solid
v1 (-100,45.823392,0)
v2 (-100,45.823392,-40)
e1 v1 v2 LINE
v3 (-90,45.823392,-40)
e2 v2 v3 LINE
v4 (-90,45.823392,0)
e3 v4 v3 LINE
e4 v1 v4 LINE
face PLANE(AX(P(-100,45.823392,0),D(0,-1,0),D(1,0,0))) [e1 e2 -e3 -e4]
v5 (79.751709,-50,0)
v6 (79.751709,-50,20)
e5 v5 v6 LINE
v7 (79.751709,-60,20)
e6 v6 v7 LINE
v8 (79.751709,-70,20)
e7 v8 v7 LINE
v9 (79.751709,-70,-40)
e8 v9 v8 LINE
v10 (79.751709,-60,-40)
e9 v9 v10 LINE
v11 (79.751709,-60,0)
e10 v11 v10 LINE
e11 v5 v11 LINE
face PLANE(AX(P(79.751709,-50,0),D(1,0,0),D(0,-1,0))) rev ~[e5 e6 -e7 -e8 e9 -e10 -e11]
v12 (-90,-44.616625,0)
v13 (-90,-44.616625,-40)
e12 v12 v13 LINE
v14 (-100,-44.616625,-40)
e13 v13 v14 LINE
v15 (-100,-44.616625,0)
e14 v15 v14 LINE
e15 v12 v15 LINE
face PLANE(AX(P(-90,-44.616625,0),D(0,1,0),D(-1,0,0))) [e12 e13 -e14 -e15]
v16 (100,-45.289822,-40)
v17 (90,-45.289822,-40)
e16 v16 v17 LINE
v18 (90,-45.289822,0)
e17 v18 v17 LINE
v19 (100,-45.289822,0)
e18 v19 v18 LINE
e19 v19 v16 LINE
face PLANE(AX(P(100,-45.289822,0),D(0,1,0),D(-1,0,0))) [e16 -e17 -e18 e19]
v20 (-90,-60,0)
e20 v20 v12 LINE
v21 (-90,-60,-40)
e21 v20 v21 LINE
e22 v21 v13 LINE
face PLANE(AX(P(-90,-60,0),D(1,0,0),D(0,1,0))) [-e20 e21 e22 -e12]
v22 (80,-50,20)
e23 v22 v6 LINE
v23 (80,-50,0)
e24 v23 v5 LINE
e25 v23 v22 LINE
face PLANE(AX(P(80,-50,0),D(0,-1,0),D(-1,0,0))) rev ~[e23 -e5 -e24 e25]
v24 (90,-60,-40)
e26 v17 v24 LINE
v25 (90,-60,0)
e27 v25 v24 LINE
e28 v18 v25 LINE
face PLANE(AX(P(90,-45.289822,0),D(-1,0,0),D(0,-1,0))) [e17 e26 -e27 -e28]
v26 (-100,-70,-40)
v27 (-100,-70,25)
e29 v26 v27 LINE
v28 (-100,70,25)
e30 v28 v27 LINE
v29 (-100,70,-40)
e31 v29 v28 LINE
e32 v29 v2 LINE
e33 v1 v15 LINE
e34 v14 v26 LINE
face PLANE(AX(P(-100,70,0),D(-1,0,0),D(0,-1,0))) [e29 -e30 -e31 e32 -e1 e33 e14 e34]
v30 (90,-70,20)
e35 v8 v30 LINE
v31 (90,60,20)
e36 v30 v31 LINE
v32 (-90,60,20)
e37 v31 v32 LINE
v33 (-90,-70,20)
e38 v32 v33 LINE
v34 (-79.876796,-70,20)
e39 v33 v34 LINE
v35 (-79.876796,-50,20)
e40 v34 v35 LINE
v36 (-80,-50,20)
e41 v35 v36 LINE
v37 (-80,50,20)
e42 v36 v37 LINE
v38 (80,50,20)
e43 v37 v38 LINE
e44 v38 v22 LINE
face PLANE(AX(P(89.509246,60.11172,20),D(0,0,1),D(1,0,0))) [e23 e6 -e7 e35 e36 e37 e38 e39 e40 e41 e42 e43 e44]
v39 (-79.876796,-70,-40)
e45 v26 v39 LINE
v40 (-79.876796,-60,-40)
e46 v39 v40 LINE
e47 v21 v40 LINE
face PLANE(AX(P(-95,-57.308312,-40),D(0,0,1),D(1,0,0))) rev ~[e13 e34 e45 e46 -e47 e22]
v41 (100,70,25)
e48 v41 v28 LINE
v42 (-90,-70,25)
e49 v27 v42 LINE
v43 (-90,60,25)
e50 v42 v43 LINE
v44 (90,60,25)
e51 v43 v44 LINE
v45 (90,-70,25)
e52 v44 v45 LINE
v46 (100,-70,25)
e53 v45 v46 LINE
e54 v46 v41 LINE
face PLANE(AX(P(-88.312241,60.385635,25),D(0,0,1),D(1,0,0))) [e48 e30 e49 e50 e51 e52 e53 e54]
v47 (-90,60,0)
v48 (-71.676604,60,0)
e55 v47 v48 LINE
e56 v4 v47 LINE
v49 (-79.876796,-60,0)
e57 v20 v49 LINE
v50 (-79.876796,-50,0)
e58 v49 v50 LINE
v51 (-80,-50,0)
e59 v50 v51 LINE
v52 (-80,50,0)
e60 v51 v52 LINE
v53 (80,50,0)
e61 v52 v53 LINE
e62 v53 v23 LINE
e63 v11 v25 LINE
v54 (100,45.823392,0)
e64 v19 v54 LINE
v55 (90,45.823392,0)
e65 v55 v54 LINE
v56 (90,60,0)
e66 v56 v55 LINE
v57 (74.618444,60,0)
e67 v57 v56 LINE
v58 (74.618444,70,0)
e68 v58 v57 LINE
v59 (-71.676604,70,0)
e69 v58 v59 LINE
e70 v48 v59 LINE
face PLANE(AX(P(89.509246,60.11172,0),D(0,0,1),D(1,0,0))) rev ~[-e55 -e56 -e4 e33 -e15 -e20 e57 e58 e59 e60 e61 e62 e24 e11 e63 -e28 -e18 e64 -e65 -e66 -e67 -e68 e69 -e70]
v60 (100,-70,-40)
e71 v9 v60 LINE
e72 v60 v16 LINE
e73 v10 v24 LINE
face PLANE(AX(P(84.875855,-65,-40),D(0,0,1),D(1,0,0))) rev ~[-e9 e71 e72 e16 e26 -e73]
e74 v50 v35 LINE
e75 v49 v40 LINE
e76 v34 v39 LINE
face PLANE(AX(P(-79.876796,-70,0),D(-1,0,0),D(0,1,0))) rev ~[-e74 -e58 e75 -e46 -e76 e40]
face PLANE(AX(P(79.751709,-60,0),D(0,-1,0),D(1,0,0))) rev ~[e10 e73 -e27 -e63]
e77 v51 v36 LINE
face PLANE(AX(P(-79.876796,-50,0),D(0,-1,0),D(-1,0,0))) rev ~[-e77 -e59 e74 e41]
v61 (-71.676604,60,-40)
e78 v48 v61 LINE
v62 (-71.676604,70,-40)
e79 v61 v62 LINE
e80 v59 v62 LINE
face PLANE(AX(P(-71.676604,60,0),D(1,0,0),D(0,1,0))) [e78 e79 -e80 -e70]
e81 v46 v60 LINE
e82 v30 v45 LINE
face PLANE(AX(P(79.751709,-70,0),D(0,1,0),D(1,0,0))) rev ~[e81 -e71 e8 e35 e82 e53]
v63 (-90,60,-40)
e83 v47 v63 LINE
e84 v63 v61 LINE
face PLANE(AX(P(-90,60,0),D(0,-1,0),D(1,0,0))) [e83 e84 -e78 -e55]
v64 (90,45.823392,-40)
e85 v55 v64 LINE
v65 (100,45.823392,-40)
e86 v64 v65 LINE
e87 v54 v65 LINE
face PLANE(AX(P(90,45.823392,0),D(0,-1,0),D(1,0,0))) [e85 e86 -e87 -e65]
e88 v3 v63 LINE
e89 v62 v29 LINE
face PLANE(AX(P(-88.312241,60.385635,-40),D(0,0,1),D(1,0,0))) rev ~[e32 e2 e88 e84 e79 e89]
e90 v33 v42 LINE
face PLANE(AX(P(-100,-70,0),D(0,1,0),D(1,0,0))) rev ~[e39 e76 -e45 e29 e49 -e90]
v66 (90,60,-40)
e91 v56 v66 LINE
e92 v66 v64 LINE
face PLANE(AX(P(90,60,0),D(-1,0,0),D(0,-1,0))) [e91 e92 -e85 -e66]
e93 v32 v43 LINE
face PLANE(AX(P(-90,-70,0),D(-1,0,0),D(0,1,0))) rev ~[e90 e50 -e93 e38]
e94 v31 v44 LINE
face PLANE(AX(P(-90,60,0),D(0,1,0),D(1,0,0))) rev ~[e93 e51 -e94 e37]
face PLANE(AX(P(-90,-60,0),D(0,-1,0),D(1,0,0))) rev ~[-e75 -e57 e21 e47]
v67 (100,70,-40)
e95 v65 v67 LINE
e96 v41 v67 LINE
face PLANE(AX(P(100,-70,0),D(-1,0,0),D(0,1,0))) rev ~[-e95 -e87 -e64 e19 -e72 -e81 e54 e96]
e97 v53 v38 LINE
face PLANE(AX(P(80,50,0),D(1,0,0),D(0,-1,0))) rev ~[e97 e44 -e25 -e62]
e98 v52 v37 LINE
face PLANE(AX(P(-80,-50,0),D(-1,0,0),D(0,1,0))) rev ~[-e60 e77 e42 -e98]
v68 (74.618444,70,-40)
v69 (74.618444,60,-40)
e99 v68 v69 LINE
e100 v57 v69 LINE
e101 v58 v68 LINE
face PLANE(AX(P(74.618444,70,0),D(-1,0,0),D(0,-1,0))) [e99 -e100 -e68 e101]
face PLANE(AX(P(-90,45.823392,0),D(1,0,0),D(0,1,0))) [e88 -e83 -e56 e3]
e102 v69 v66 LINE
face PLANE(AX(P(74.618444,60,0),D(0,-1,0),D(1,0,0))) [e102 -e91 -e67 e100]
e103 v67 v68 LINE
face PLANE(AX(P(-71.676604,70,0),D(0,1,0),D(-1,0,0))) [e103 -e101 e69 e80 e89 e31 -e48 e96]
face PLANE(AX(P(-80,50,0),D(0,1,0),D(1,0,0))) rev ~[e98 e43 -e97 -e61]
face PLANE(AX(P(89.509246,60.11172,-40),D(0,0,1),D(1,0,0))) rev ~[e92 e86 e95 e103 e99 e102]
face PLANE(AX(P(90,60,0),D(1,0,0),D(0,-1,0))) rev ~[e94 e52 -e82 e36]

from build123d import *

# Parameters (mm, degrees)
F0_W     = 10
F0_H     = 91.1132134497
F0_W_2   = 10.2482907567
F0_H_2   = 10
F0_W_3   = 10.1232041232
F0_H_3   = 90.4400162399
F0_W_4   = 146.2950482965
F1_DEPTH = 20
F2_DEPTH = 25
F3_DEPTH = 40


with BuildPart() as f1:
    # F0 (on Top) → F1 (new body)
    with BuildSketch(Plane.XY):
        Polygon((90, 45.8233915269), (100, 45.8233915269), (100, 70), (74.6184438467, 70), (74.6184438467, 60), (90, 60), align=None)
        with Locations((95, 0.2667848021)):
            Rectangle(F0_W, F0_H)
        Polygon((79.7517092433, -60), (90, -60), (90, -45.2898219228), (90, 45.8233915269), (90, 60), (74.6184438467, 60), (-71.6766044497, 60), (-90, 60), (-90, 45.8233915269), (-90, -44.6166247129), (-90, -60), (-79.8767958768, -60), (-79.8767958768, -50), (-80, -50), (-80, 50), (80, 50), (80, -50), (79.7517092433, -50), align=None)
        Polygon((90, -70), (100, -70), (100, -45.2898219228), (90, -45.2898219228), (90, -60), align=None)
        with Locations((84.8758546216, -65)):
            Rectangle(F0_W_2, F0_H_2)
        Polygon((-100, -70), (-90, -70), (-90, -60), (-90, -44.6166247129), (-100, -44.6166247129), align=None)
        with Locations((-84.9383979384, -65)):
            Rectangle(F0_W_3, F0_H_2)
        with Locations((-95, 0.603383407)):
            Rectangle(F0_W, F0_H_3)
        Polygon((-71.6766044497, 60), (-71.6766044497, 70), (-100, 70), (-100, 45.8233915269), (-90, 45.8233915269), (-90, 60), align=None)
        with Locations((1.4709196985, 65)):
            Rectangle(F0_W_4, F0_H_2)
    extrude(amount=F1_DEPTH)

    # F0 (on Top) → F2 (join)
    with BuildSketch(Plane.XY):
        Polygon((-71.6766044497, 60), (-71.6766044497, 70), (-100, 70), (-100, 45.8233915269), (-90, 45.8233915269), (-90, 60), align=None)
        with Locations((-95, 0.603383407)):
            Rectangle(F0_W, F0_H_3)
        Polygon((-100, -70), (-90, -70), (-90, -60), (-90, -44.6166247129), (-100, -44.6166247129), align=None)
        with Locations((1.4709196985, 65)):
            Rectangle(F0_W_4, F0_H_2)
        Polygon((90, 45.8233915269), (100, 45.8233915269), (100, 70), (74.6184438467, 70), (74.6184438467, 60), (90, 60), align=None)
        with Locations((95, 0.2667848021)):
            Rectangle(F0_W, F0_H)
        Polygon((90, -70), (100, -70), (100, -45.2898219228), (90, -45.2898219228), (90, -60), align=None)
    extrude(amount=F2_DEPTH)

    # F0 (on Top) → F3 (join)
    with BuildSketch(Plane.XY):
        Polygon((-71.6766044497, 60), (-71.6766044497, 70), (-100, 70), (-100, 45.8233915269), (-90, 45.8233915269), (-90, 60), align=None)
        Polygon((-100, -70), (-90, -70), (-90, -60), (-90, -44.6166247129), (-100, -44.6166247129), align=None)
        with Locations((-84.9383979384, -65)):
            Rectangle(F0_W_3, F0_H_2)
        with Locations((84.8758546216, -65)):
            Rectangle(F0_W_2, F0_H_2)
        Polygon((90, -70), (100, -70), (100, -45.2898219228), (90, -45.2898219228), (90, -60), align=None)
        Polygon((90, 45.8233915269), (100, 45.8233915269), (100, 70), (74.6184438467, 70), (74.6184438467, 60), (90, 60), align=None)
    extrude(amount=-F3_DEPTH)


solid = f1.part
